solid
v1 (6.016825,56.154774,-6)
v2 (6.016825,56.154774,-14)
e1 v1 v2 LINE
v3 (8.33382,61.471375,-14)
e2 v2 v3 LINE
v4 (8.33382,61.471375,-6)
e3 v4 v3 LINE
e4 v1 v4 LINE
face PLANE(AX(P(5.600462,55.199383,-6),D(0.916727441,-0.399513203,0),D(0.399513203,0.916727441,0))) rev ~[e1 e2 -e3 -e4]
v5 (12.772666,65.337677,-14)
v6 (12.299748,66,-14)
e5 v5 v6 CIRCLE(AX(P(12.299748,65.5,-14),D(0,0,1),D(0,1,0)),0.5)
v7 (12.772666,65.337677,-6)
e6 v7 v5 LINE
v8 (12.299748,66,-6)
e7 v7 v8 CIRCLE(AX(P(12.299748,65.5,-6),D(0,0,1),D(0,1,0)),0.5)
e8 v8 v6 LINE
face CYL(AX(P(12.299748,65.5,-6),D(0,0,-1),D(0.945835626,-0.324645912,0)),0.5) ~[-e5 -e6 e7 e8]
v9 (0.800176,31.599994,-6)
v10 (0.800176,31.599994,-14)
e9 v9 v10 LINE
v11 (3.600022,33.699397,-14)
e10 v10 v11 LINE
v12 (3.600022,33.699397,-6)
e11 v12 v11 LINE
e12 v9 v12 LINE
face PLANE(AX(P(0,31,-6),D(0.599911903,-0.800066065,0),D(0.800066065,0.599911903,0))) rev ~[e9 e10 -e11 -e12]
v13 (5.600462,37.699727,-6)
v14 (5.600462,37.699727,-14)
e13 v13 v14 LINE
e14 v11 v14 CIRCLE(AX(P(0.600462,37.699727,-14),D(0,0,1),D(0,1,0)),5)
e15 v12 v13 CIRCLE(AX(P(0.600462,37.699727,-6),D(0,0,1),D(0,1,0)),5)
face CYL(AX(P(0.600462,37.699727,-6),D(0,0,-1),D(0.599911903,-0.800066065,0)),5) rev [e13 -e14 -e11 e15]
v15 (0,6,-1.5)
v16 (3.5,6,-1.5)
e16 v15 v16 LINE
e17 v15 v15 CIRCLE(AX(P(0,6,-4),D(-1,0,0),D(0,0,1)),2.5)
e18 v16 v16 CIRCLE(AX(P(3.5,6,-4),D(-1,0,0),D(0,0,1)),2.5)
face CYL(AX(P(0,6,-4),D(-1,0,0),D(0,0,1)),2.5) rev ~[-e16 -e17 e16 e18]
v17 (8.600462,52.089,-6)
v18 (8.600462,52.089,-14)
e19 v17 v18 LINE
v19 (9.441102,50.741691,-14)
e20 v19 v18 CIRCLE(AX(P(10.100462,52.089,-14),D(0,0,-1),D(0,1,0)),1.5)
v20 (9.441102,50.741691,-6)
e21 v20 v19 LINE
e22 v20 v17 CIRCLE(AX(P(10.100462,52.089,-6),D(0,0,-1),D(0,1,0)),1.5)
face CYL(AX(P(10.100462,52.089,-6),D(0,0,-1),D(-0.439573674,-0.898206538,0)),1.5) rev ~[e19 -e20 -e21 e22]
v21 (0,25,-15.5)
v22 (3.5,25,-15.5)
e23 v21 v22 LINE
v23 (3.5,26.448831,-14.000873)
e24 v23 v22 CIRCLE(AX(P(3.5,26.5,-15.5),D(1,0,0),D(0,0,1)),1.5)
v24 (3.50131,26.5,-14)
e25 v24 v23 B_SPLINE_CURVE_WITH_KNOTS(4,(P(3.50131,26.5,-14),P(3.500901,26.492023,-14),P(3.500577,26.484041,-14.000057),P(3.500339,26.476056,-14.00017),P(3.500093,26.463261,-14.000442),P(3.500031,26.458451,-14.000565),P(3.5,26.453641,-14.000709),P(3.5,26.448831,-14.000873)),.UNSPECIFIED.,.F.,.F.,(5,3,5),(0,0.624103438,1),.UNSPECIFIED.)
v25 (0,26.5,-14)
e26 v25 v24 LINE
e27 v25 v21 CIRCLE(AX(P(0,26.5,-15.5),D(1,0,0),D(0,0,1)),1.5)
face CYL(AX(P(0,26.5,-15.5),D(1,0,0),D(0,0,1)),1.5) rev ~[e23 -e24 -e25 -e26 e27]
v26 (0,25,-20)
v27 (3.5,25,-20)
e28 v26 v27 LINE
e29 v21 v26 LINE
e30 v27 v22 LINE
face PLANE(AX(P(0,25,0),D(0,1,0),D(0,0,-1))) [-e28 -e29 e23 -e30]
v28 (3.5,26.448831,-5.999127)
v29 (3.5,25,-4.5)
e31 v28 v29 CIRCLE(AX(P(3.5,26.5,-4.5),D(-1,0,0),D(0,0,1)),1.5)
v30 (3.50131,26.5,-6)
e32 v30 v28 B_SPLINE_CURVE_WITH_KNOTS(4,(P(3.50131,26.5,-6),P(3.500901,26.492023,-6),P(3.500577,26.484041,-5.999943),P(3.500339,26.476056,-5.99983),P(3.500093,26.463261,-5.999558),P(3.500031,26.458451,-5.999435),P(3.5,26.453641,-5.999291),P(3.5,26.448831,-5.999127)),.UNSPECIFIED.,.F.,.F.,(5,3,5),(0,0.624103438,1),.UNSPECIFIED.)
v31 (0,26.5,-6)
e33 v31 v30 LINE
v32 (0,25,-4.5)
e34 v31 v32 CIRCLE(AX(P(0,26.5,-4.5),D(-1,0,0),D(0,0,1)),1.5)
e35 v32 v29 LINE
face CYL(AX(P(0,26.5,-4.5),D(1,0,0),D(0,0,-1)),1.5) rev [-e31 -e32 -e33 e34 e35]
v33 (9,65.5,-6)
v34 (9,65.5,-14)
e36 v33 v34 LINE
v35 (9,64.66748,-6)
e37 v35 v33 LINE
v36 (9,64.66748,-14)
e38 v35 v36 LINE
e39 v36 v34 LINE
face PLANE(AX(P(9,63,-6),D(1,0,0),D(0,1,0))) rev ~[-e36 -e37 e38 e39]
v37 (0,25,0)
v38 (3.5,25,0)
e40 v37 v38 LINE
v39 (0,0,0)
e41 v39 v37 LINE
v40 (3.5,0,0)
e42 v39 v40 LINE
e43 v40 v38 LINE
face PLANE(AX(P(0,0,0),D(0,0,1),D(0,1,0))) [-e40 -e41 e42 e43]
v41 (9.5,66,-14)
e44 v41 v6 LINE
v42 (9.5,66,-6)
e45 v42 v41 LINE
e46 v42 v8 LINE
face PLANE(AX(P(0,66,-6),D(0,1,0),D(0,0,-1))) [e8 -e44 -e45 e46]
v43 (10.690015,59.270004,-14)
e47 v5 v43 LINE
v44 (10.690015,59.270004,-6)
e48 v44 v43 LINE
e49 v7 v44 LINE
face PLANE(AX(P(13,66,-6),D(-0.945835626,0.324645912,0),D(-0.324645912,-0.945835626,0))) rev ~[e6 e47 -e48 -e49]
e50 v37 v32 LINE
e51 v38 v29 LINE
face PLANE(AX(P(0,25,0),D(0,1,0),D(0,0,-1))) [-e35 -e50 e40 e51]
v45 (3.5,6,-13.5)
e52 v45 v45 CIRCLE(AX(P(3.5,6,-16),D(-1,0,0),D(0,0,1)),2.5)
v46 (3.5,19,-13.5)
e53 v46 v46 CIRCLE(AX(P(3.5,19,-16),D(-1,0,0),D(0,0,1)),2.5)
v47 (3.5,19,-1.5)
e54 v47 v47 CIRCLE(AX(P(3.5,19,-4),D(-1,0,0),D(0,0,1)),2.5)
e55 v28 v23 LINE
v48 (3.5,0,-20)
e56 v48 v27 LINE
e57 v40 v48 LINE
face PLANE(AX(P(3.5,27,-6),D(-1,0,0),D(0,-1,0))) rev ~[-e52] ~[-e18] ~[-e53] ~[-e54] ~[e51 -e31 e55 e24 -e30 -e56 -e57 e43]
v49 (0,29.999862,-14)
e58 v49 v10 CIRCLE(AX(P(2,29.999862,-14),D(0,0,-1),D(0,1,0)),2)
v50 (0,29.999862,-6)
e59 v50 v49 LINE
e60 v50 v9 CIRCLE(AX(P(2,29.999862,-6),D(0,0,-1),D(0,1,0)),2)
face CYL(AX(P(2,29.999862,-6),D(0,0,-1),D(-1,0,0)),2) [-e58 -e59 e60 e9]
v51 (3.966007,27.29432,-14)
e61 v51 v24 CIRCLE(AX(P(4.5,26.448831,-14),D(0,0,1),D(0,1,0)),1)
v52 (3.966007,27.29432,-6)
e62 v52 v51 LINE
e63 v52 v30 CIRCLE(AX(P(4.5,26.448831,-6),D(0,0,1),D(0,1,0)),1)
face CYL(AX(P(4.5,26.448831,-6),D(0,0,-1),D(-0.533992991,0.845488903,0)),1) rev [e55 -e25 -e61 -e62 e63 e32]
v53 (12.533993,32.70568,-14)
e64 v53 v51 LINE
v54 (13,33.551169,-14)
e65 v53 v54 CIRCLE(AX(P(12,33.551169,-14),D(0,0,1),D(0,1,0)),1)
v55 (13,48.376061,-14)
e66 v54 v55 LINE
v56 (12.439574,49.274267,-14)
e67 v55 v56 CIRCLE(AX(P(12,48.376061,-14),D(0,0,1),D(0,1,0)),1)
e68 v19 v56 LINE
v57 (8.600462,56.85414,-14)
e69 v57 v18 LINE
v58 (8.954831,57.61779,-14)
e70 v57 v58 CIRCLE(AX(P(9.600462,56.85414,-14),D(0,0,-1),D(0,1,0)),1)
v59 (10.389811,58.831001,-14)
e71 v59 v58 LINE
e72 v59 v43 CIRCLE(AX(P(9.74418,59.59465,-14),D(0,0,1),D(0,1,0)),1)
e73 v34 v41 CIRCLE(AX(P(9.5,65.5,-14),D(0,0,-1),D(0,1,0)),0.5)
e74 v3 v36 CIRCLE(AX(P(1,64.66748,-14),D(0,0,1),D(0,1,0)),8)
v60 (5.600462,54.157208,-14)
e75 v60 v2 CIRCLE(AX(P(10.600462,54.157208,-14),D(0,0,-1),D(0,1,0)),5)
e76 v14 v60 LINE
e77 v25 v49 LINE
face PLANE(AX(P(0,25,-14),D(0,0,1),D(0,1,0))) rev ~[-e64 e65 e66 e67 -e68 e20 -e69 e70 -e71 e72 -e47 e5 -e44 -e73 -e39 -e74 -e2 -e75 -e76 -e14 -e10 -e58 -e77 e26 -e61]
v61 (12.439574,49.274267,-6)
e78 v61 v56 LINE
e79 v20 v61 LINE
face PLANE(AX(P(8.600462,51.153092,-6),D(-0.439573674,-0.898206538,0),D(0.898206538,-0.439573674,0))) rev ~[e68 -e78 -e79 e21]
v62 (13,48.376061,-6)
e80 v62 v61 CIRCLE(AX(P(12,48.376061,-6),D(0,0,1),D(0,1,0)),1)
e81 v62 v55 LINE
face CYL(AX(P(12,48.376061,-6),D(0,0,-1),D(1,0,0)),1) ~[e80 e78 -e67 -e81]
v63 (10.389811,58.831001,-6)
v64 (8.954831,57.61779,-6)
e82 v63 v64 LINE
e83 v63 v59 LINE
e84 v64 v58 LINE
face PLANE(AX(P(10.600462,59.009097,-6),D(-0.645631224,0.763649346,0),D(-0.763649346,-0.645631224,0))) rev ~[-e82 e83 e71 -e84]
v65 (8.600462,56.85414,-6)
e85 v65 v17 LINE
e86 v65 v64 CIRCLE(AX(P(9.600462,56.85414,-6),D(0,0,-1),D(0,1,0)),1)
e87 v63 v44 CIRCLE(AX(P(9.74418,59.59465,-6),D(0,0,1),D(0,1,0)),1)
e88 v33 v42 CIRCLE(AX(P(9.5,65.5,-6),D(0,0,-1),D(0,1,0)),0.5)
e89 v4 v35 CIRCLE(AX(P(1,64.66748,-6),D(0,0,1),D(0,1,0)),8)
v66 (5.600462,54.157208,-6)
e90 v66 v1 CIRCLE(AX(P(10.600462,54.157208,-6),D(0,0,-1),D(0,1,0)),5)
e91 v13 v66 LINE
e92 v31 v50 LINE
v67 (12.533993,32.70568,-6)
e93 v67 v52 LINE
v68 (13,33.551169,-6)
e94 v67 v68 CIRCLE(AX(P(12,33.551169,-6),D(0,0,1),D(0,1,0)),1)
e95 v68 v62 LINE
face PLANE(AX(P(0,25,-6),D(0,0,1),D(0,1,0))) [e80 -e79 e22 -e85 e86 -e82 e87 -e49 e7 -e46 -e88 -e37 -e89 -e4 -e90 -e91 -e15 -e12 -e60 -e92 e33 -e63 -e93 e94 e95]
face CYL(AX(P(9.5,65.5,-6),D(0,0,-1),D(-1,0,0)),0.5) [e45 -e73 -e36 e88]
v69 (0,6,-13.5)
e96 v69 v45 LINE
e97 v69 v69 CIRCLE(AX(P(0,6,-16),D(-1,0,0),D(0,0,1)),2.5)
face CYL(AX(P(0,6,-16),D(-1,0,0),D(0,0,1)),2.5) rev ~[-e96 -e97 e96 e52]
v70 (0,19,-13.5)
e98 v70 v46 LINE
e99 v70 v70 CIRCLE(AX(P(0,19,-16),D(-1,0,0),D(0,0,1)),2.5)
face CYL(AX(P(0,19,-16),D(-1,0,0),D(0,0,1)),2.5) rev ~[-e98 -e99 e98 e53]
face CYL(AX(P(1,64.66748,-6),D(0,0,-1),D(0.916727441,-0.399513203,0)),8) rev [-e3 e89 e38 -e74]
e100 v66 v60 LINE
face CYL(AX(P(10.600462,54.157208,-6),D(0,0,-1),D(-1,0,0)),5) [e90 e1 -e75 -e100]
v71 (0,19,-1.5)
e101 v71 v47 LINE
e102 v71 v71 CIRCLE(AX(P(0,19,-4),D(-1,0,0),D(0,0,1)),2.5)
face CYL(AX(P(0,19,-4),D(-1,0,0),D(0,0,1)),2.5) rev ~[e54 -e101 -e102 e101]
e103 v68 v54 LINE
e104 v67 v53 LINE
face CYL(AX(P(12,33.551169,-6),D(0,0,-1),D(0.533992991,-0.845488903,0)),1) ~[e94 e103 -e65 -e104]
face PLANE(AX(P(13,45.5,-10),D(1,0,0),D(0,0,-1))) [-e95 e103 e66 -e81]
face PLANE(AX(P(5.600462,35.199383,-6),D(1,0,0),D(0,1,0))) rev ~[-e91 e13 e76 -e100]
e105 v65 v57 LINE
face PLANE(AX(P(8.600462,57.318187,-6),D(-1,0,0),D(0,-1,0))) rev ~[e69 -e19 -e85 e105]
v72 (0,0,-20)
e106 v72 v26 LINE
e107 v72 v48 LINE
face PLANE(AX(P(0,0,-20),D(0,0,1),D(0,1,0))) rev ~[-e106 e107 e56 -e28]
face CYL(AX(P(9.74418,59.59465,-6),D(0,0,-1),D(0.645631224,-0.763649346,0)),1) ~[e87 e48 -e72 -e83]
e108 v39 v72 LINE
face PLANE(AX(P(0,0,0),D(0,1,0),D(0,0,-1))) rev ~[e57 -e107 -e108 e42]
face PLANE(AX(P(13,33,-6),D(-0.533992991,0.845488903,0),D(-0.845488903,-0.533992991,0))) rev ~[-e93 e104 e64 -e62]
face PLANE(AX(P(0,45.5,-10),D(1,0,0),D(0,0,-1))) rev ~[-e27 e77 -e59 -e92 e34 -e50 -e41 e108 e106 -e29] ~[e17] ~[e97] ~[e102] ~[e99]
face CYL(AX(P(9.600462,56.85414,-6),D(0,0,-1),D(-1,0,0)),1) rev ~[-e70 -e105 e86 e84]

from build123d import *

# Parameters (mm, degrees)
SKETCH1_W                = 20
SKETCH1_H                = 25
BOSS_EXTRUDE2_DEPTH      = 3.5
BOSS_EXTRUDE3_DEPTH      = 9.5
BOSS_EXTRUDE3_DEPTH_BACK = 3.5
SKETCH2_W                = 8
SKETCH2_H                = 41
SKETCH3_R                = 2.5
CUT_EXTRUDE1_DEPTH       = 9.5
CUT_EXTRUDE2_DEPTH       = 9.5
FILLET1_R                = 1.5
FILLET2_R                = 1.5
FILLET3_R                = 2
FILLET4_R                = 5
FILLET5_R                = 5
FILLET6_R                = 8
FILLET7_R                = 0.5
FILLET8_R                = 1
FILLET9_R                = 1
FILLET10_R               = 1
FILLET11_R               = 1.5
FILLET12_R               = 1
FILLET13_R               = 1
FILLET14_R               = 0.5


with BuildPart() as part:
    # Sketch1 → Boss-Extrude2 (new body)
    with BuildSketch(Plane(origin=(0, 0, 0), x_dir=(0, 0, -1), z_dir=(1, 0, 0))):
        with Locations((10, 12.5)):
            Rectangle(SKETCH1_W, SKETCH1_H)
    extrude(amount=BOSS_EXTRUDE2_DEPTH)

    # Sketch2 → Boss-Extrude3 (add, two sides: drawn at the far end of the back side and taken through both)
    with BuildSketch(Plane(origin=(3.5, 0, 0), x_dir=(0, 0, -1), z_dir=(1, 0, 0)).offset(-BOSS_EXTRUDE3_DEPTH_BACK)):
        with Locations((10, 45.5)):
            Rectangle(SKETCH2_W, SKETCH2_H)
    extrude(amount=BOSS_EXTRUDE3_DEPTH + BOSS_EXTRUDE3_DEPTH_BACK)

    # Sketch3 → Cut-Extrude1 (cut)
    with BuildSketch(Plane.ZY):
        with Locations((-16, 19)):
            Circle(SKETCH3_R)
        with Locations((-16, 6)):
            Circle(SKETCH3_R)
        with Locations((-4, 6)):
            Circle(SKETCH3_R)
        with Locations((-4, 19)):
            Circle(SKETCH3_R)
    extrude(amount=-CUT_EXTRUDE1_DEPTH, mode=Mode.SUBTRACT)

    # Sketch4 → Cut-Extrude2 (cut)
    with BuildSketch(Plane.XY.offset(-6)):
        Polygon((0, 66), (0, 31), (5.600462456, 35.199383322), (5.600462456, 55.199383322), (9, 63), (9, 66), align=None)
        Polygon((3.5, 27), (3.5, 25), (13, 25), (13, 33), align=None)
        Polygon((13, 49), (13, 66), (10.600462456, 59.00909695), (8.600462456, 57.318186777), (8.600462456, 51.153091521), align=None)
    extrude(amount=-CUT_EXTRUDE2_DEPTH, mode=Mode.SUBTRACT)

    # Fillet1
    fillet1_edges = [part.edges().sort_by_distance(p)[0] for p in [
        (1.75, 25, -6),
    ]]
    fillet(fillet1_edges, radius=FILLET1_R)

    # Fillet2
    fillet2_edges = [part.edges().sort_by_distance(p)[0] for p in [
        (1.75, 25, -14),
    ]]
    fillet(fillet2_edges, radius=FILLET2_R)

    # Fillet3
    fillet3_edges = [part.edges().sort_by_distance(p)[0] for p in [
        (0, 31, -10),
    ]]
    fillet(fillet3_edges, radius=FILLET3_R)

    # Fillet4
    fillet4_edges = [part.edges().sort_by_distance(p)[0] for p in [
        (5.600462456, 35.199383322, -10),
    ]]
    fillet(fillet4_edges, radius=FILLET4_R)

    # Fillet5
    fillet5_edges = [part.edges().sort_by_distance(p)[0] for p in [
        (5.600462456, 55.199383322, -10),
    ]]
    fillet(fillet5_edges, radius=FILLET5_R)

    # Fillet6
    fillet6_edges = [part.edges().sort_by_distance(p)[0] for p in [
        (9, 63, -10),
    ]]
    fillet(fillet6_edges, radius=FILLET6_R)

    # Fillet7
    fillet7_edges = [part.edges().sort_by_distance(p)[0] for p in [
        (9, 66, -10),
    ]]
    fillet(fillet7_edges, radius=FILLET7_R)

    # Fillet8
    fillet8_edges = [part.edges().sort_by_distance(p)[0] for p in [
        (3.5, 27, -10),
    ]]
    fillet(fillet8_edges, radius=FILLET8_R)

    # Fillet9
    fillet9_edges = [part.edges().sort_by_distance(p)[0] for p in [
        (13, 33, -10),
    ]]
    fillet(fillet9_edges, radius=FILLET9_R)

    # Fillet10
    fillet10_edges = [part.edges().sort_by_distance(p)[0] for p in [
        (13, 49, -10),
    ]]
    fillet(fillet10_edges, radius=FILLET10_R)

    # Fillet11
    fillet11_edges = [part.edges().sort_by_distance(p)[0] for p in [
        (8.600462456, 51.153091521, -10),
    ]]
    fillet(fillet11_edges, radius=FILLET11_R)

    # Fillet12
    fillet12_edges = [part.edges().sort_by_distance(p)[0] for p in [
        (8.600462456, 57.318186777, -10),
    ]]
    fillet(fillet12_edges, radius=FILLET12_R)

    # Fillet13
    fillet13_edges = [part.edges().sort_by_distance(p)[0] for p in [
        (10.600462456, 59.00909695, -10),
    ]]
    fillet(fillet13_edges, radius=FILLET13_R)

    # Fillet14
    fillet14_edges = [part.edges().sort_by_distance(p)[0] for p in [
        (13, 66, -10),
    ]]
    fillet(fillet14_edges, radius=FILLET14_R)


solid = part.part
